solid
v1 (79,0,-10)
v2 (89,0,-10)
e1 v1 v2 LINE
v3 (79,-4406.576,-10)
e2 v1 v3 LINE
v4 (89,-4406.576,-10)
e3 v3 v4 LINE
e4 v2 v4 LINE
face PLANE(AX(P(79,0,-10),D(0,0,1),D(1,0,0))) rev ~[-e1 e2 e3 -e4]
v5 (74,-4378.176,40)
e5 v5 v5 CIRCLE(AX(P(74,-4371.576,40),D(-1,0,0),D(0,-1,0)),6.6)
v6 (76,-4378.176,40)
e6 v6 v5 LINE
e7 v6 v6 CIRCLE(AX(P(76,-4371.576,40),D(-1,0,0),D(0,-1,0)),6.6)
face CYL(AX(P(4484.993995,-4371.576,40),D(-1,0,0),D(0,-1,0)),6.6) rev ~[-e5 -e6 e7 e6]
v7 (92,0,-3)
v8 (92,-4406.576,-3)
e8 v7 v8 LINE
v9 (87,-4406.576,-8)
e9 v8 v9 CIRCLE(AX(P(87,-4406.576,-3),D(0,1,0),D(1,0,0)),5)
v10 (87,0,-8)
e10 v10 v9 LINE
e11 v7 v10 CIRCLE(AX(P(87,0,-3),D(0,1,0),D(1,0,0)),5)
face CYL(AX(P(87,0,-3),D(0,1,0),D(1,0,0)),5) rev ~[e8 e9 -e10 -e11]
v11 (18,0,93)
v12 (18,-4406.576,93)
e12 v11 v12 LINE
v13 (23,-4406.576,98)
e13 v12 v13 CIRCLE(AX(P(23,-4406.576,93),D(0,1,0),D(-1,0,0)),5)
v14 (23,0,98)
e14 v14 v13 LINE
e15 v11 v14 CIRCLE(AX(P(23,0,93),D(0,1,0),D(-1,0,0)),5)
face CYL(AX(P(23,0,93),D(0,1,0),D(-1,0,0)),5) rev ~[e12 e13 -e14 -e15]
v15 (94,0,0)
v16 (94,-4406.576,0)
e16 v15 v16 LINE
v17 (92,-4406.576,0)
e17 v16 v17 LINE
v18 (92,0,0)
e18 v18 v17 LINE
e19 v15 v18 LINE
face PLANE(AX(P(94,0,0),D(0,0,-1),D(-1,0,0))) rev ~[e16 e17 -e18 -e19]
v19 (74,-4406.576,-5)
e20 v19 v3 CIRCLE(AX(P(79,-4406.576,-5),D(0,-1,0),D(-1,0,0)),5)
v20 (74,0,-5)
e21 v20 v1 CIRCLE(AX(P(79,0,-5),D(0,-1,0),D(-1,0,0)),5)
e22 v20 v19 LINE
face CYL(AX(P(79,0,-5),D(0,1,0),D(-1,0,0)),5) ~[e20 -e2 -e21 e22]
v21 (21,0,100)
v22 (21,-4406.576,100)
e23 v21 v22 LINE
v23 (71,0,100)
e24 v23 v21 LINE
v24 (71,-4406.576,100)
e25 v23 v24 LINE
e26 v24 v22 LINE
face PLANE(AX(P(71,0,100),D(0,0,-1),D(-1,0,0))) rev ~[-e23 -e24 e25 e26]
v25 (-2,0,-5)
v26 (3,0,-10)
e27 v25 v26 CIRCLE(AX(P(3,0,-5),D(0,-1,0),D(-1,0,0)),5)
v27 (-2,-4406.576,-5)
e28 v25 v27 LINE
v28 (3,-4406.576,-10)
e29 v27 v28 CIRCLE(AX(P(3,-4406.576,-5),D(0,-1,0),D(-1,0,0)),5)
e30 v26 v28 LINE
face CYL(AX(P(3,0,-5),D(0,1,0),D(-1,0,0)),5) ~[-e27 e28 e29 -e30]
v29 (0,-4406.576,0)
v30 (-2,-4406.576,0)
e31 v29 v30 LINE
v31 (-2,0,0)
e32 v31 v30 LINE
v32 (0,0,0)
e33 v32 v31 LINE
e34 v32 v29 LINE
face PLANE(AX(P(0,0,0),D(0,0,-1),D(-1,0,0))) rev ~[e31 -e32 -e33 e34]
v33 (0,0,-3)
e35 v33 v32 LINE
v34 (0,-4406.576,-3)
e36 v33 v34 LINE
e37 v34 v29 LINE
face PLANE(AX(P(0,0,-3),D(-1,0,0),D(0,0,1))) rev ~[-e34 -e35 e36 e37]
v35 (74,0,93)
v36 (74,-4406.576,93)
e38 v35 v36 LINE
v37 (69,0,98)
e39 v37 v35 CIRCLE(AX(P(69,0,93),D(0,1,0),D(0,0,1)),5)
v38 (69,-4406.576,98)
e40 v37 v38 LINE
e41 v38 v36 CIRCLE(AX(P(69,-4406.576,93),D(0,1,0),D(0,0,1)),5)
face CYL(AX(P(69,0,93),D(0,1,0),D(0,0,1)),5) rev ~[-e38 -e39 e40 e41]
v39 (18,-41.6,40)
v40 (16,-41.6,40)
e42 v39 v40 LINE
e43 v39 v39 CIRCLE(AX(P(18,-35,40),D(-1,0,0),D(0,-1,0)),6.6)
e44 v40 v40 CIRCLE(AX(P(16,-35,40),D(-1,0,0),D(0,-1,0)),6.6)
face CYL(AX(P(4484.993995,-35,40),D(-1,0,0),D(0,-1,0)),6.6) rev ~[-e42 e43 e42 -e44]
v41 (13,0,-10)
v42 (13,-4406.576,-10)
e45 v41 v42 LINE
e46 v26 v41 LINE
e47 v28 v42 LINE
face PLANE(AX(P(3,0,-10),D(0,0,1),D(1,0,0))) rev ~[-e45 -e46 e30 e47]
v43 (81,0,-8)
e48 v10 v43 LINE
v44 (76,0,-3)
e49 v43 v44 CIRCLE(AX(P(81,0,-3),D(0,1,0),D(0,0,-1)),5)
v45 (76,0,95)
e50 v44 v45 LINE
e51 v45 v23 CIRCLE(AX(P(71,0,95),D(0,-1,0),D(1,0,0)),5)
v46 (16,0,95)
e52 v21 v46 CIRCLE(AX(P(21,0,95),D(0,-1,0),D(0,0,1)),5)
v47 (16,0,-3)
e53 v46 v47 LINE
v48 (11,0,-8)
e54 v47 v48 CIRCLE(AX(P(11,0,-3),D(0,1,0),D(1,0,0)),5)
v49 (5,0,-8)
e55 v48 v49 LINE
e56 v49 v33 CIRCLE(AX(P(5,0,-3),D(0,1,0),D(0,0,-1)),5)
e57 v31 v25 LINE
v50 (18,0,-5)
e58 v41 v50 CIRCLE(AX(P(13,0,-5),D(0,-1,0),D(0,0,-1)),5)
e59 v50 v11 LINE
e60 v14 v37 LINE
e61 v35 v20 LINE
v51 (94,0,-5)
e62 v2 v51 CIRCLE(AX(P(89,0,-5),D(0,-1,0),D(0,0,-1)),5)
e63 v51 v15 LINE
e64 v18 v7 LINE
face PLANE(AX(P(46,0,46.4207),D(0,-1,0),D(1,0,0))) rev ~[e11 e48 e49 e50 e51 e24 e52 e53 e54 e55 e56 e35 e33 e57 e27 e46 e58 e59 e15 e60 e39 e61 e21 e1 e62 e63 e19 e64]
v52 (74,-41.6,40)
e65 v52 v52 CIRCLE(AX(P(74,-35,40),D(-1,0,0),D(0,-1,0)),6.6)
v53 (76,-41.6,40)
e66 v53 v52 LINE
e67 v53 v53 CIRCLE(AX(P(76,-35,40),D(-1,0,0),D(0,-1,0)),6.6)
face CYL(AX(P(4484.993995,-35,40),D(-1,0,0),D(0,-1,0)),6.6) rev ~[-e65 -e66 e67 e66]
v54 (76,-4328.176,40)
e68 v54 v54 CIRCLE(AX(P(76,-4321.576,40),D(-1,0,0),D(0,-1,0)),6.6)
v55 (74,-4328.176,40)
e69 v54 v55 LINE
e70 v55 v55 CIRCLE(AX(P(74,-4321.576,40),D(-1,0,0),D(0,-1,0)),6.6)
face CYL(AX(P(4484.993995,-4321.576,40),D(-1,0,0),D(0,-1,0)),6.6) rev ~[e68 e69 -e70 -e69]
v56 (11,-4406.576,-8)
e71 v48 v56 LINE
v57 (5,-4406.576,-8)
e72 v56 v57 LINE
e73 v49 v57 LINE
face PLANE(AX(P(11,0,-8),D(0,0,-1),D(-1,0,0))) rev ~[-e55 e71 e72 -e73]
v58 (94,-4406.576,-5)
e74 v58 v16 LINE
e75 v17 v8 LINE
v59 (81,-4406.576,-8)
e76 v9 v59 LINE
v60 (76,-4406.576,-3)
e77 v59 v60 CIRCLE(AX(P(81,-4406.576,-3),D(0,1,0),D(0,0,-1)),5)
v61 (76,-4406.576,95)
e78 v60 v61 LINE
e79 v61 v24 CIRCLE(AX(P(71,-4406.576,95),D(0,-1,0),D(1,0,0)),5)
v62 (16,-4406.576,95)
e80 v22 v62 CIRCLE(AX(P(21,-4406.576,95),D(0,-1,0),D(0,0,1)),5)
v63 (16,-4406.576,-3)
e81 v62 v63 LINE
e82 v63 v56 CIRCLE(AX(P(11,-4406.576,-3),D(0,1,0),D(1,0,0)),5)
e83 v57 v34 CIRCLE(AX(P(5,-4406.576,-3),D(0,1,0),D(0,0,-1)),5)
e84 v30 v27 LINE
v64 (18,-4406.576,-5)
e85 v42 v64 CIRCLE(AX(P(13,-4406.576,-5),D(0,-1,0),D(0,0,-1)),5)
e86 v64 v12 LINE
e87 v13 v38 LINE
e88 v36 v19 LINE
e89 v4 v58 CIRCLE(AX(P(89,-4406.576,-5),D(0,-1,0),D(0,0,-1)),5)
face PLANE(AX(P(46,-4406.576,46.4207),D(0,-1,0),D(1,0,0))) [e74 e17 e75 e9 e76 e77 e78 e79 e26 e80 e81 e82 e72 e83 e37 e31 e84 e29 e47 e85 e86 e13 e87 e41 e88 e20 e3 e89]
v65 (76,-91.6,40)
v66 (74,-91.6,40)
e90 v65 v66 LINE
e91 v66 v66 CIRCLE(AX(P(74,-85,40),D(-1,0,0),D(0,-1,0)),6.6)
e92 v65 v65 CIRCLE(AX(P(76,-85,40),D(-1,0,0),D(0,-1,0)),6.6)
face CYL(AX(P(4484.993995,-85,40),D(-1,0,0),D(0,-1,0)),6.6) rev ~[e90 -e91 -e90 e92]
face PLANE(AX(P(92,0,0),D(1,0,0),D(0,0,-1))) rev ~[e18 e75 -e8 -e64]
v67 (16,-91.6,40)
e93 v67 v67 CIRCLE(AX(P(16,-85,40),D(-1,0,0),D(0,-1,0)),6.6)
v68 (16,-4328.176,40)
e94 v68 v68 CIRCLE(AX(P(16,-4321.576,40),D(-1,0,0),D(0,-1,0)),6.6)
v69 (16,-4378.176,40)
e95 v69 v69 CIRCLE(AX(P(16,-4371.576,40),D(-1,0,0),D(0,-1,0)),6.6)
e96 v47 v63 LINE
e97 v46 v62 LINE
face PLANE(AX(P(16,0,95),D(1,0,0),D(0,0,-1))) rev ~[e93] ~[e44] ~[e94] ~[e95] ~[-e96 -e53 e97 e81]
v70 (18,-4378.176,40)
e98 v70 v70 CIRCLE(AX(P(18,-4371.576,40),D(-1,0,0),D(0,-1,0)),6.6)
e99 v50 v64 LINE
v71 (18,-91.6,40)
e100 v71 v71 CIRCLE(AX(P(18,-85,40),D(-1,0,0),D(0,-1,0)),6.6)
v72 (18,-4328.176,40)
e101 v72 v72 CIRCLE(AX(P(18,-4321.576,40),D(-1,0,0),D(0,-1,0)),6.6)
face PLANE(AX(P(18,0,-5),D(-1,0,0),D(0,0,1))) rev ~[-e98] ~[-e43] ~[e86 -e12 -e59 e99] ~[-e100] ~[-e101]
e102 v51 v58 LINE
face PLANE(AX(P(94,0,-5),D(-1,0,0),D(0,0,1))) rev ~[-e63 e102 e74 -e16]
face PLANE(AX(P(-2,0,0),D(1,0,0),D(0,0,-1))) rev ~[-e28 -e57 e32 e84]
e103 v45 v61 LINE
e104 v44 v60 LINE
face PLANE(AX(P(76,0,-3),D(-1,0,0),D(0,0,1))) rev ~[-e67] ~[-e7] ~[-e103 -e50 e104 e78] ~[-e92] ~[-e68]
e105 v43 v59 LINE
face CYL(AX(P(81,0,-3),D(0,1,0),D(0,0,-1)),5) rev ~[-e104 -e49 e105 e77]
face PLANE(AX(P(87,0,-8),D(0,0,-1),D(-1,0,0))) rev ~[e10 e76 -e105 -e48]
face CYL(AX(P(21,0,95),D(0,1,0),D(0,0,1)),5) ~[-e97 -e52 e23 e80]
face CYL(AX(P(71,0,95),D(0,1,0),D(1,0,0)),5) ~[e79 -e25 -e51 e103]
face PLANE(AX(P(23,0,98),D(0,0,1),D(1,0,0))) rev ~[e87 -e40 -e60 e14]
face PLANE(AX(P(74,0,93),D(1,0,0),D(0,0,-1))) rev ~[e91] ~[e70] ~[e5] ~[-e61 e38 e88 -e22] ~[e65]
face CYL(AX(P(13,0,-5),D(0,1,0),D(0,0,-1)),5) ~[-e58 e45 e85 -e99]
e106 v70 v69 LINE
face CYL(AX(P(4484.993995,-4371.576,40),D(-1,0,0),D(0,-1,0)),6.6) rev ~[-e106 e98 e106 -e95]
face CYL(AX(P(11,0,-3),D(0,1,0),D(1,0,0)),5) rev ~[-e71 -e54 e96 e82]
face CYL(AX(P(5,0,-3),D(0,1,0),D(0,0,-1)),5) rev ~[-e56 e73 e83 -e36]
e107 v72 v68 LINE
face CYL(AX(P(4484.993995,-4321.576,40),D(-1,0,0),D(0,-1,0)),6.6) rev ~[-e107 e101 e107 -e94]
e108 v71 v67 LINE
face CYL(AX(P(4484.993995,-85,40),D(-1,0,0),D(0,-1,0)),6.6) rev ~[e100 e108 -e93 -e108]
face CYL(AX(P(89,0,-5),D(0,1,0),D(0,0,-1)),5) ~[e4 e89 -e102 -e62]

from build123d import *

# Parameters (mm, degrees)
F1_DEPTH = 4406.576
F3_D     = 13.2


with BuildPart() as f1:
    # F0 (on Front) → F1 (new body)
    with BuildSketch(Plane.XZ):
        with BuildLine():
            Line((0, -3), (0, 0))
            Line((0, 0), (-2, 0))
            Line((-2, 0), (-2, -5))
            ThreePointArc((-2, -5), (-0.5355339059, -8.5355339059), (3, -10))
            Line((3, -10), (13, -10))
            ThreePointArc((13, -10), (16.5355339059, -8.5355339059), (18, -5))
            Line((18, -5), (18, 93))
            ThreePointArc((18, 93), (19.4644660941, 96.5355339059), (23, 98))
            Line((23, 98), (69, 98))
            ThreePointArc((69, 98), (72.5355339059, 96.5355339059), (74, 93))
            Line((74, 93), (74, -5))
            ThreePointArc((74, -5), (75.4644660941, -8.5355339059), (79, -10))
            Line((79, -10), (89, -10))
            ThreePointArc((89, -10), (92.5355339059, -8.5355339059), (94, -5))
            Line((94, -5), (94, 0))
            Line((94, 0), (92, 0))
            Line((92, 0), (92, -3))
            ThreePointArc((92, -3), (90.5355339059, -6.5355339059), (87, -8))
            Line((87, -8), (81, -8))
            ThreePointArc((81, -8), (77.4644660941, -6.5355339059), (76, -3))
            Line((76, -3), (76, 95))
            ThreePointArc((76, 95), (74.5355339059, 98.5355339059), (71, 100))
            Line((71, 100), (21, 100))
            ThreePointArc((21, 100), (17.4644660941, 98.5355339059), (16, 95))
            Line((16, 95), (16, -3))
            ThreePointArc((16, -3), (14.5355339059, -6.5355339059), (11, -8))
            Line((11, -8), (5, -8))
            ThreePointArc((5, -8), (1.4644660941, -6.5355339059), (0, -3))
        make_face()
    extrude(amount=F1_DEPTH)

    # F3 (through all)
    with Locations(Plane.YZ.offset(76)):
        with Locations((-4371.576, 40), (-4321.576, 40), (-85, 40), (-35, 40)):
            Hole(F3_D / 2)


solid = f1.part
